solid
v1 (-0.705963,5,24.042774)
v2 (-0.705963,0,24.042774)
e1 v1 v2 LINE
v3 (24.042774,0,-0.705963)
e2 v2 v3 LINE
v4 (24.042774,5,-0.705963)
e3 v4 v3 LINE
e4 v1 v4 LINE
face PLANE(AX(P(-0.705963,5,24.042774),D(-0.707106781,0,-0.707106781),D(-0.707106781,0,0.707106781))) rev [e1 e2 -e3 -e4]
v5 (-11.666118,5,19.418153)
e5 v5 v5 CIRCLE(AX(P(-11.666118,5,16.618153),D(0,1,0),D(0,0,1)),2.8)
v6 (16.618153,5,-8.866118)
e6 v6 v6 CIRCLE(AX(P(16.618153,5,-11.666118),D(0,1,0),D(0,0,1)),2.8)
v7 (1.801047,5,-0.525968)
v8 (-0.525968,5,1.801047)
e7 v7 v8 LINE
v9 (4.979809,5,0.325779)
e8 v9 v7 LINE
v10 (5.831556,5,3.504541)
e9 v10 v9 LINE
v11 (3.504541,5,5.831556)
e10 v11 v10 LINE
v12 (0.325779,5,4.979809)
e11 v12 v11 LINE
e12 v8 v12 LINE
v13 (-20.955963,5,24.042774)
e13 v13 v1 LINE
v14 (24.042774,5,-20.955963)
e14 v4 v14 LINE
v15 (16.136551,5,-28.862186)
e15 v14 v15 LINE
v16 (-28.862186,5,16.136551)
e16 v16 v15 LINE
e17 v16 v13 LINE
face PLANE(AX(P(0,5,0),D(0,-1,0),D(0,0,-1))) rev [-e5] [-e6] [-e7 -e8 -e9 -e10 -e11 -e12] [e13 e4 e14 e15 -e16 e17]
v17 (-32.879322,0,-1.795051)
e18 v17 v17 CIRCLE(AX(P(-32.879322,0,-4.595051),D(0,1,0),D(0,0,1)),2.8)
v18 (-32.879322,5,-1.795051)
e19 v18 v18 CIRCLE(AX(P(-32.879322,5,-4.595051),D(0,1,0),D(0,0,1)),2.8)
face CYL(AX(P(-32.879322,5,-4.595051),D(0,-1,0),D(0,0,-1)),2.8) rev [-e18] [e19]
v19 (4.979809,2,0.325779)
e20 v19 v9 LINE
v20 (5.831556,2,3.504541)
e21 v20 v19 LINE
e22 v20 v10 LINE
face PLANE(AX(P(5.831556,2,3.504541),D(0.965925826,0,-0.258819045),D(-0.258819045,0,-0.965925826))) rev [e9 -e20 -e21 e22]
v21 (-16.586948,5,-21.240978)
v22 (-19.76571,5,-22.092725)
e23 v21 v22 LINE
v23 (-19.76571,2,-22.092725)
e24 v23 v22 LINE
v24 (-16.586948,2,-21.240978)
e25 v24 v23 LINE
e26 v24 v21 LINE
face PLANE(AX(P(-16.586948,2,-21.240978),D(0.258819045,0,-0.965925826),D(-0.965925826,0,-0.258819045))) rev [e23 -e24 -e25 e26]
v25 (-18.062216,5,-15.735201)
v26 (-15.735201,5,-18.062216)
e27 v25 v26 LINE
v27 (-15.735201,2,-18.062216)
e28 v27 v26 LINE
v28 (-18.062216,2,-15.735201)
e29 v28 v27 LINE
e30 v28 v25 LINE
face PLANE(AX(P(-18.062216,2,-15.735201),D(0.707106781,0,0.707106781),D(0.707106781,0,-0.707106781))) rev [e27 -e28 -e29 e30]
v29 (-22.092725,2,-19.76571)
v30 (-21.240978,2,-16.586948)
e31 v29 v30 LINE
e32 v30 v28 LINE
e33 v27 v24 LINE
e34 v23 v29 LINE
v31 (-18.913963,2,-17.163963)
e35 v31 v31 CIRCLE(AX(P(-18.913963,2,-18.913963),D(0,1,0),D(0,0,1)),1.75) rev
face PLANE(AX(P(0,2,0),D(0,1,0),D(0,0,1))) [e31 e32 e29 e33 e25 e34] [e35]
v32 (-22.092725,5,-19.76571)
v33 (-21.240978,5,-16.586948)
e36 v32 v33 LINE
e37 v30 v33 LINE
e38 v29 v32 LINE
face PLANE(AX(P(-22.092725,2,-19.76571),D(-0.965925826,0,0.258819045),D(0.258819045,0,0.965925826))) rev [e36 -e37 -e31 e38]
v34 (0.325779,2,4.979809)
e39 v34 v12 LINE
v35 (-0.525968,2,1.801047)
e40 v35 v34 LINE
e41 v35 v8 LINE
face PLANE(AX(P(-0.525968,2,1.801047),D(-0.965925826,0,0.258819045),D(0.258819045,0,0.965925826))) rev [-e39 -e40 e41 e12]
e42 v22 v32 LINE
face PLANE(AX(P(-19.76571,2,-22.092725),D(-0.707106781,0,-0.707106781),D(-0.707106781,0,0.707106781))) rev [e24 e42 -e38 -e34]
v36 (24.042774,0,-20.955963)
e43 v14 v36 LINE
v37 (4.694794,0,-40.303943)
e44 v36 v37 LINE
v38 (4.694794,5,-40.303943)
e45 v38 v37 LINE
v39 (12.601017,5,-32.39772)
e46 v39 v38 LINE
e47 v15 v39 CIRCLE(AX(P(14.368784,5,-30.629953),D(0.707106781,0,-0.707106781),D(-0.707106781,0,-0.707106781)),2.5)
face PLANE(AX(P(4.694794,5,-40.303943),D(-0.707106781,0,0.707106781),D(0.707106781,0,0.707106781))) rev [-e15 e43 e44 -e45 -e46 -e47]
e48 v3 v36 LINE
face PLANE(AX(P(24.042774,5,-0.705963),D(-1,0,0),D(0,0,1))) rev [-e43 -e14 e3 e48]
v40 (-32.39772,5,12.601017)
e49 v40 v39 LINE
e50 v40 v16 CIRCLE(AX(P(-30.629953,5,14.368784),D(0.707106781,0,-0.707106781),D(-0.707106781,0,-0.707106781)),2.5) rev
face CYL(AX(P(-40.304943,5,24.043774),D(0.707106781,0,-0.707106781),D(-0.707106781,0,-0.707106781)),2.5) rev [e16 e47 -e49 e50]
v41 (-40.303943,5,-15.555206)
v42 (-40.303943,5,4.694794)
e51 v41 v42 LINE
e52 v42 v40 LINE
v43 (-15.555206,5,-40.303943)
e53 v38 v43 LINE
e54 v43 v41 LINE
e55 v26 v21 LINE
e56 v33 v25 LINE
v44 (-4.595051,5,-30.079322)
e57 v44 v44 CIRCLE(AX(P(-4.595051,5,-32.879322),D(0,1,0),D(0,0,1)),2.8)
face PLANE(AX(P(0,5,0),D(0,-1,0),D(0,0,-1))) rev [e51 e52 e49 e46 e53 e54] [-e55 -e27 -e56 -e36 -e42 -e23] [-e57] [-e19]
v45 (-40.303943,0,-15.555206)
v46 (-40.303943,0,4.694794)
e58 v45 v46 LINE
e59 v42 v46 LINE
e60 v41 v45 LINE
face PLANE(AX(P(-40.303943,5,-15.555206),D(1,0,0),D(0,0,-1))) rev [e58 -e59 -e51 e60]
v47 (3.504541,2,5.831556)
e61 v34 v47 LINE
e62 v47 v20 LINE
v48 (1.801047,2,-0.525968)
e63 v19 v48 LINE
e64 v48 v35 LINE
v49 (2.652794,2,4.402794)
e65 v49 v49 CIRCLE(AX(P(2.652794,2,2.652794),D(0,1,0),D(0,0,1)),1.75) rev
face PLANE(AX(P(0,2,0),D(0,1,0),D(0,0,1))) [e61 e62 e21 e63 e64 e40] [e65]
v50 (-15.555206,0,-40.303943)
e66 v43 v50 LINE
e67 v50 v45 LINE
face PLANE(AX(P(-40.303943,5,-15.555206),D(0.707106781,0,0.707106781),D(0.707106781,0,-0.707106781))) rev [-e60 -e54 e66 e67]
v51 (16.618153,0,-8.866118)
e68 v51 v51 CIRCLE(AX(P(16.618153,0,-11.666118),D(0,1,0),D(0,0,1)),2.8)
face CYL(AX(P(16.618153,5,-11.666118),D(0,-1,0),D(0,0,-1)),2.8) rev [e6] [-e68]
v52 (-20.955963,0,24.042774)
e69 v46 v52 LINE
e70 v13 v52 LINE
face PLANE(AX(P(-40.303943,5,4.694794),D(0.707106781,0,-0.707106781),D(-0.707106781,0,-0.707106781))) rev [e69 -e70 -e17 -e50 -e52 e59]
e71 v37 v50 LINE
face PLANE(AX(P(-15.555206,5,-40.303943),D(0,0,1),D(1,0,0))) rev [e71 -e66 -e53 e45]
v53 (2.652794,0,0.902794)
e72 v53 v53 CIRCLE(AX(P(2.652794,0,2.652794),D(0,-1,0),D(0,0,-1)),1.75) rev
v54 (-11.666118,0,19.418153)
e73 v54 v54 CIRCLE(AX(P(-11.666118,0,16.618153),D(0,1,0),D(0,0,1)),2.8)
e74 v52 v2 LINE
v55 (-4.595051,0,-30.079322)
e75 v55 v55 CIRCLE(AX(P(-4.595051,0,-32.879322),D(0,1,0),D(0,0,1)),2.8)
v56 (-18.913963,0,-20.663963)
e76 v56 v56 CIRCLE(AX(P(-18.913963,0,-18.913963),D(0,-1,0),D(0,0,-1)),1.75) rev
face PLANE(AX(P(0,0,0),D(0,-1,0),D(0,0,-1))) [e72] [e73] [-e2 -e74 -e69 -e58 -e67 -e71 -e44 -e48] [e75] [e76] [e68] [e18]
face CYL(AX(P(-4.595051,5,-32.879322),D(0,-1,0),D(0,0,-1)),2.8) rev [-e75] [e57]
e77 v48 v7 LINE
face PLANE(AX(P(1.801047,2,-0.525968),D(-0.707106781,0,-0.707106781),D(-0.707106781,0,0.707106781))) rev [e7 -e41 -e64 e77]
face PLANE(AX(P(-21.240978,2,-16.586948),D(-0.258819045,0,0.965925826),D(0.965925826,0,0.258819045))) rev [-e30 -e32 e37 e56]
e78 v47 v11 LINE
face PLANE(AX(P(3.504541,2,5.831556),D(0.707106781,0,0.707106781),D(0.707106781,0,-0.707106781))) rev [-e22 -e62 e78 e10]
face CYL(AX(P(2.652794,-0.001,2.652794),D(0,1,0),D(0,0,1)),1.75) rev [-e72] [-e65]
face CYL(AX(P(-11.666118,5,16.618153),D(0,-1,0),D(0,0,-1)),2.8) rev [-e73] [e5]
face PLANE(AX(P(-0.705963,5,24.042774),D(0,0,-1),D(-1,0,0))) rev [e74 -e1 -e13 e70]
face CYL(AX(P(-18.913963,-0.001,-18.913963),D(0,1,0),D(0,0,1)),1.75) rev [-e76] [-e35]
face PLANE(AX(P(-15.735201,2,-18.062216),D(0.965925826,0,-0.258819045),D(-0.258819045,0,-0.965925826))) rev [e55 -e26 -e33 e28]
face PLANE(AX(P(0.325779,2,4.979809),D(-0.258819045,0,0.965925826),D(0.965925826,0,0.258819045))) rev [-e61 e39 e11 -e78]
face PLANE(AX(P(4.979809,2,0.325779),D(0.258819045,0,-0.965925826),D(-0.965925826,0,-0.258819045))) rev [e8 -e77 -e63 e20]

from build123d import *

# Parameters (mm, degrees)
SKETCH1_R           = 2.8
BOSS_EXTRUDE1_DEPTH = 5
CUT_EXTRUDE1_REACH  = 80.329
CUT_EXTRUDE2_DEPTH  = 3
CUT_EXTRUDE3_REACH  = 59.217
SKETCH6_R           = 1.75


with BuildPart() as part:
    # Sketch1 → Boss-Extrude1 (new body)
    with BuildSketch(Plane(origin=(0, 0, 0), x_dir=(1, 0, 0), z_dir=(0, 1, 0))):
        Polygon((-40.303943114, 15.555205773), (-15.555205773, 40.303943114), (4.694794227, 40.303943114), (24.042773974, 20.955963368), (24.042773974, 0.705963368), (-0.705963368, -24.042773974), (-20.955963368, -24.042773974), (-40.303943114, -4.694794227), align=None)
        with Locations(Location((-11.666118476, -16.618152771, 0), (0, 0, 270))):
            Circle(SKETCH1_R, mode=Mode.SUBTRACT)
        with Locations(Location((16.618152771, 11.666118476, 0), (0, 0, 270))):
            Circle(SKETCH1_R, mode=Mode.SUBTRACT)
        with Locations(Location((-4.595050664, 32.879321912, 0), (0, 0, 270))):
            Circle(SKETCH1_R, mode=Mode.SUBTRACT)
        with Locations(Location((-32.879321912, 4.595050664, 0), (0, 0, 270))):
            Circle(SKETCH1_R, mode=Mode.SUBTRACT)
    extrude(amount=BOSS_EXTRUDE1_DEPTH)

    # Sketch4 → Cut-Extrude1 (cut, up to next)
    with BuildSketch(Plane(origin=(22.499368671, 0, -22.499368671), x_dir=(-0.7071067811865465, 0, -0.7071067811865487), z_dir=(0.7071067811865487, 0, -0.7071067811865465)), mode=Mode.PRIVATE) as cut_extrude1_sk1:
        with BuildLine():
            Line((13.998382969, 5), (8.998382969, 5))
            ThreePointArc((8.998382969, 5), (11.498382969, 2.5), (13.998382969, 5))
        make_face()
    cut_extrude1_tool1 = extrude(cut_extrude1_sk1.sketch, amount=-CUT_EXTRUDE1_REACH, mode=Mode.PRIVATE) & part.part
    add(cut_extrude1_tool1.solids().sort_by_distance((14.368784, 3.938967, -30.629953))[0], mode=Mode.SUBTRACT)

    # Sketch5 → Cut-Extrude2 (cut)
    with BuildSketch(Plane(origin=(0, 5, 0), x_dir=(1, 0, 0), z_dir=(0, 1, 0))):
        Polygon((-16.586947728, 21.240978239), (-19.765709682, 22.092724938), (-22.092724938, 19.765709682), (-21.240978239, 16.586947728), (-18.062216285, 15.735201029), (-15.735201029, 18.062216285), align=None)
        Polygon((4.979809098, -0.325778587), (1.801047144, 0.525968112), (-0.525968112, -1.801047144), (0.325778587, -4.979809098), (3.504540541, -5.831555797), (5.831555797, -3.504540541), align=None)
    extrude(amount=-CUT_EXTRUDE2_DEPTH, mode=Mode.SUBTRACT)

    # Sketch6 → Cut-Extrude3 (cut, up to next)
    with BuildSketch(Plane(origin=(0, 5, 0), x_dir=(1, 0, 0), z_dir=(0, 1, 0)), mode=Mode.PRIVATE) as cut_extrude3_sk1:
        with Locations(Location((-18.913962984, 18.913962984, 0), (0, 0, 270))):
            Circle(SKETCH6_R)
    cut_extrude3_tool1 = extrude(cut_extrude3_sk1.sketch, amount=-CUT_EXTRUDE3_REACH, mode=Mode.PRIVATE) & part.part
    # Sketch6 → Cut-Extrude3 (cut, up to next)
    with BuildSketch(Plane(origin=(0, 5, 0), x_dir=(1, 0, 0), z_dir=(0, 1, 0)), mode=Mode.PRIVATE) as cut_extrude3_sk2:
        with Locations(Location((2.652793843, -2.652793843, 0), (0, 0, 270))):
            Circle(SKETCH6_R)
    cut_extrude3_tool2 = extrude(cut_extrude3_sk2.sketch, amount=-CUT_EXTRUDE3_REACH, mode=Mode.PRIVATE) & part.part
    add(cut_extrude3_tool1.solids().sort_by_distance((-18.913963, 5, -18.913963))[0], mode=Mode.SUBTRACT)
    add(cut_extrude3_tool2.solids().sort_by_distance((2.652794, 5, 2.652794))[0], mode=Mode.SUBTRACT)


solid = part.part
